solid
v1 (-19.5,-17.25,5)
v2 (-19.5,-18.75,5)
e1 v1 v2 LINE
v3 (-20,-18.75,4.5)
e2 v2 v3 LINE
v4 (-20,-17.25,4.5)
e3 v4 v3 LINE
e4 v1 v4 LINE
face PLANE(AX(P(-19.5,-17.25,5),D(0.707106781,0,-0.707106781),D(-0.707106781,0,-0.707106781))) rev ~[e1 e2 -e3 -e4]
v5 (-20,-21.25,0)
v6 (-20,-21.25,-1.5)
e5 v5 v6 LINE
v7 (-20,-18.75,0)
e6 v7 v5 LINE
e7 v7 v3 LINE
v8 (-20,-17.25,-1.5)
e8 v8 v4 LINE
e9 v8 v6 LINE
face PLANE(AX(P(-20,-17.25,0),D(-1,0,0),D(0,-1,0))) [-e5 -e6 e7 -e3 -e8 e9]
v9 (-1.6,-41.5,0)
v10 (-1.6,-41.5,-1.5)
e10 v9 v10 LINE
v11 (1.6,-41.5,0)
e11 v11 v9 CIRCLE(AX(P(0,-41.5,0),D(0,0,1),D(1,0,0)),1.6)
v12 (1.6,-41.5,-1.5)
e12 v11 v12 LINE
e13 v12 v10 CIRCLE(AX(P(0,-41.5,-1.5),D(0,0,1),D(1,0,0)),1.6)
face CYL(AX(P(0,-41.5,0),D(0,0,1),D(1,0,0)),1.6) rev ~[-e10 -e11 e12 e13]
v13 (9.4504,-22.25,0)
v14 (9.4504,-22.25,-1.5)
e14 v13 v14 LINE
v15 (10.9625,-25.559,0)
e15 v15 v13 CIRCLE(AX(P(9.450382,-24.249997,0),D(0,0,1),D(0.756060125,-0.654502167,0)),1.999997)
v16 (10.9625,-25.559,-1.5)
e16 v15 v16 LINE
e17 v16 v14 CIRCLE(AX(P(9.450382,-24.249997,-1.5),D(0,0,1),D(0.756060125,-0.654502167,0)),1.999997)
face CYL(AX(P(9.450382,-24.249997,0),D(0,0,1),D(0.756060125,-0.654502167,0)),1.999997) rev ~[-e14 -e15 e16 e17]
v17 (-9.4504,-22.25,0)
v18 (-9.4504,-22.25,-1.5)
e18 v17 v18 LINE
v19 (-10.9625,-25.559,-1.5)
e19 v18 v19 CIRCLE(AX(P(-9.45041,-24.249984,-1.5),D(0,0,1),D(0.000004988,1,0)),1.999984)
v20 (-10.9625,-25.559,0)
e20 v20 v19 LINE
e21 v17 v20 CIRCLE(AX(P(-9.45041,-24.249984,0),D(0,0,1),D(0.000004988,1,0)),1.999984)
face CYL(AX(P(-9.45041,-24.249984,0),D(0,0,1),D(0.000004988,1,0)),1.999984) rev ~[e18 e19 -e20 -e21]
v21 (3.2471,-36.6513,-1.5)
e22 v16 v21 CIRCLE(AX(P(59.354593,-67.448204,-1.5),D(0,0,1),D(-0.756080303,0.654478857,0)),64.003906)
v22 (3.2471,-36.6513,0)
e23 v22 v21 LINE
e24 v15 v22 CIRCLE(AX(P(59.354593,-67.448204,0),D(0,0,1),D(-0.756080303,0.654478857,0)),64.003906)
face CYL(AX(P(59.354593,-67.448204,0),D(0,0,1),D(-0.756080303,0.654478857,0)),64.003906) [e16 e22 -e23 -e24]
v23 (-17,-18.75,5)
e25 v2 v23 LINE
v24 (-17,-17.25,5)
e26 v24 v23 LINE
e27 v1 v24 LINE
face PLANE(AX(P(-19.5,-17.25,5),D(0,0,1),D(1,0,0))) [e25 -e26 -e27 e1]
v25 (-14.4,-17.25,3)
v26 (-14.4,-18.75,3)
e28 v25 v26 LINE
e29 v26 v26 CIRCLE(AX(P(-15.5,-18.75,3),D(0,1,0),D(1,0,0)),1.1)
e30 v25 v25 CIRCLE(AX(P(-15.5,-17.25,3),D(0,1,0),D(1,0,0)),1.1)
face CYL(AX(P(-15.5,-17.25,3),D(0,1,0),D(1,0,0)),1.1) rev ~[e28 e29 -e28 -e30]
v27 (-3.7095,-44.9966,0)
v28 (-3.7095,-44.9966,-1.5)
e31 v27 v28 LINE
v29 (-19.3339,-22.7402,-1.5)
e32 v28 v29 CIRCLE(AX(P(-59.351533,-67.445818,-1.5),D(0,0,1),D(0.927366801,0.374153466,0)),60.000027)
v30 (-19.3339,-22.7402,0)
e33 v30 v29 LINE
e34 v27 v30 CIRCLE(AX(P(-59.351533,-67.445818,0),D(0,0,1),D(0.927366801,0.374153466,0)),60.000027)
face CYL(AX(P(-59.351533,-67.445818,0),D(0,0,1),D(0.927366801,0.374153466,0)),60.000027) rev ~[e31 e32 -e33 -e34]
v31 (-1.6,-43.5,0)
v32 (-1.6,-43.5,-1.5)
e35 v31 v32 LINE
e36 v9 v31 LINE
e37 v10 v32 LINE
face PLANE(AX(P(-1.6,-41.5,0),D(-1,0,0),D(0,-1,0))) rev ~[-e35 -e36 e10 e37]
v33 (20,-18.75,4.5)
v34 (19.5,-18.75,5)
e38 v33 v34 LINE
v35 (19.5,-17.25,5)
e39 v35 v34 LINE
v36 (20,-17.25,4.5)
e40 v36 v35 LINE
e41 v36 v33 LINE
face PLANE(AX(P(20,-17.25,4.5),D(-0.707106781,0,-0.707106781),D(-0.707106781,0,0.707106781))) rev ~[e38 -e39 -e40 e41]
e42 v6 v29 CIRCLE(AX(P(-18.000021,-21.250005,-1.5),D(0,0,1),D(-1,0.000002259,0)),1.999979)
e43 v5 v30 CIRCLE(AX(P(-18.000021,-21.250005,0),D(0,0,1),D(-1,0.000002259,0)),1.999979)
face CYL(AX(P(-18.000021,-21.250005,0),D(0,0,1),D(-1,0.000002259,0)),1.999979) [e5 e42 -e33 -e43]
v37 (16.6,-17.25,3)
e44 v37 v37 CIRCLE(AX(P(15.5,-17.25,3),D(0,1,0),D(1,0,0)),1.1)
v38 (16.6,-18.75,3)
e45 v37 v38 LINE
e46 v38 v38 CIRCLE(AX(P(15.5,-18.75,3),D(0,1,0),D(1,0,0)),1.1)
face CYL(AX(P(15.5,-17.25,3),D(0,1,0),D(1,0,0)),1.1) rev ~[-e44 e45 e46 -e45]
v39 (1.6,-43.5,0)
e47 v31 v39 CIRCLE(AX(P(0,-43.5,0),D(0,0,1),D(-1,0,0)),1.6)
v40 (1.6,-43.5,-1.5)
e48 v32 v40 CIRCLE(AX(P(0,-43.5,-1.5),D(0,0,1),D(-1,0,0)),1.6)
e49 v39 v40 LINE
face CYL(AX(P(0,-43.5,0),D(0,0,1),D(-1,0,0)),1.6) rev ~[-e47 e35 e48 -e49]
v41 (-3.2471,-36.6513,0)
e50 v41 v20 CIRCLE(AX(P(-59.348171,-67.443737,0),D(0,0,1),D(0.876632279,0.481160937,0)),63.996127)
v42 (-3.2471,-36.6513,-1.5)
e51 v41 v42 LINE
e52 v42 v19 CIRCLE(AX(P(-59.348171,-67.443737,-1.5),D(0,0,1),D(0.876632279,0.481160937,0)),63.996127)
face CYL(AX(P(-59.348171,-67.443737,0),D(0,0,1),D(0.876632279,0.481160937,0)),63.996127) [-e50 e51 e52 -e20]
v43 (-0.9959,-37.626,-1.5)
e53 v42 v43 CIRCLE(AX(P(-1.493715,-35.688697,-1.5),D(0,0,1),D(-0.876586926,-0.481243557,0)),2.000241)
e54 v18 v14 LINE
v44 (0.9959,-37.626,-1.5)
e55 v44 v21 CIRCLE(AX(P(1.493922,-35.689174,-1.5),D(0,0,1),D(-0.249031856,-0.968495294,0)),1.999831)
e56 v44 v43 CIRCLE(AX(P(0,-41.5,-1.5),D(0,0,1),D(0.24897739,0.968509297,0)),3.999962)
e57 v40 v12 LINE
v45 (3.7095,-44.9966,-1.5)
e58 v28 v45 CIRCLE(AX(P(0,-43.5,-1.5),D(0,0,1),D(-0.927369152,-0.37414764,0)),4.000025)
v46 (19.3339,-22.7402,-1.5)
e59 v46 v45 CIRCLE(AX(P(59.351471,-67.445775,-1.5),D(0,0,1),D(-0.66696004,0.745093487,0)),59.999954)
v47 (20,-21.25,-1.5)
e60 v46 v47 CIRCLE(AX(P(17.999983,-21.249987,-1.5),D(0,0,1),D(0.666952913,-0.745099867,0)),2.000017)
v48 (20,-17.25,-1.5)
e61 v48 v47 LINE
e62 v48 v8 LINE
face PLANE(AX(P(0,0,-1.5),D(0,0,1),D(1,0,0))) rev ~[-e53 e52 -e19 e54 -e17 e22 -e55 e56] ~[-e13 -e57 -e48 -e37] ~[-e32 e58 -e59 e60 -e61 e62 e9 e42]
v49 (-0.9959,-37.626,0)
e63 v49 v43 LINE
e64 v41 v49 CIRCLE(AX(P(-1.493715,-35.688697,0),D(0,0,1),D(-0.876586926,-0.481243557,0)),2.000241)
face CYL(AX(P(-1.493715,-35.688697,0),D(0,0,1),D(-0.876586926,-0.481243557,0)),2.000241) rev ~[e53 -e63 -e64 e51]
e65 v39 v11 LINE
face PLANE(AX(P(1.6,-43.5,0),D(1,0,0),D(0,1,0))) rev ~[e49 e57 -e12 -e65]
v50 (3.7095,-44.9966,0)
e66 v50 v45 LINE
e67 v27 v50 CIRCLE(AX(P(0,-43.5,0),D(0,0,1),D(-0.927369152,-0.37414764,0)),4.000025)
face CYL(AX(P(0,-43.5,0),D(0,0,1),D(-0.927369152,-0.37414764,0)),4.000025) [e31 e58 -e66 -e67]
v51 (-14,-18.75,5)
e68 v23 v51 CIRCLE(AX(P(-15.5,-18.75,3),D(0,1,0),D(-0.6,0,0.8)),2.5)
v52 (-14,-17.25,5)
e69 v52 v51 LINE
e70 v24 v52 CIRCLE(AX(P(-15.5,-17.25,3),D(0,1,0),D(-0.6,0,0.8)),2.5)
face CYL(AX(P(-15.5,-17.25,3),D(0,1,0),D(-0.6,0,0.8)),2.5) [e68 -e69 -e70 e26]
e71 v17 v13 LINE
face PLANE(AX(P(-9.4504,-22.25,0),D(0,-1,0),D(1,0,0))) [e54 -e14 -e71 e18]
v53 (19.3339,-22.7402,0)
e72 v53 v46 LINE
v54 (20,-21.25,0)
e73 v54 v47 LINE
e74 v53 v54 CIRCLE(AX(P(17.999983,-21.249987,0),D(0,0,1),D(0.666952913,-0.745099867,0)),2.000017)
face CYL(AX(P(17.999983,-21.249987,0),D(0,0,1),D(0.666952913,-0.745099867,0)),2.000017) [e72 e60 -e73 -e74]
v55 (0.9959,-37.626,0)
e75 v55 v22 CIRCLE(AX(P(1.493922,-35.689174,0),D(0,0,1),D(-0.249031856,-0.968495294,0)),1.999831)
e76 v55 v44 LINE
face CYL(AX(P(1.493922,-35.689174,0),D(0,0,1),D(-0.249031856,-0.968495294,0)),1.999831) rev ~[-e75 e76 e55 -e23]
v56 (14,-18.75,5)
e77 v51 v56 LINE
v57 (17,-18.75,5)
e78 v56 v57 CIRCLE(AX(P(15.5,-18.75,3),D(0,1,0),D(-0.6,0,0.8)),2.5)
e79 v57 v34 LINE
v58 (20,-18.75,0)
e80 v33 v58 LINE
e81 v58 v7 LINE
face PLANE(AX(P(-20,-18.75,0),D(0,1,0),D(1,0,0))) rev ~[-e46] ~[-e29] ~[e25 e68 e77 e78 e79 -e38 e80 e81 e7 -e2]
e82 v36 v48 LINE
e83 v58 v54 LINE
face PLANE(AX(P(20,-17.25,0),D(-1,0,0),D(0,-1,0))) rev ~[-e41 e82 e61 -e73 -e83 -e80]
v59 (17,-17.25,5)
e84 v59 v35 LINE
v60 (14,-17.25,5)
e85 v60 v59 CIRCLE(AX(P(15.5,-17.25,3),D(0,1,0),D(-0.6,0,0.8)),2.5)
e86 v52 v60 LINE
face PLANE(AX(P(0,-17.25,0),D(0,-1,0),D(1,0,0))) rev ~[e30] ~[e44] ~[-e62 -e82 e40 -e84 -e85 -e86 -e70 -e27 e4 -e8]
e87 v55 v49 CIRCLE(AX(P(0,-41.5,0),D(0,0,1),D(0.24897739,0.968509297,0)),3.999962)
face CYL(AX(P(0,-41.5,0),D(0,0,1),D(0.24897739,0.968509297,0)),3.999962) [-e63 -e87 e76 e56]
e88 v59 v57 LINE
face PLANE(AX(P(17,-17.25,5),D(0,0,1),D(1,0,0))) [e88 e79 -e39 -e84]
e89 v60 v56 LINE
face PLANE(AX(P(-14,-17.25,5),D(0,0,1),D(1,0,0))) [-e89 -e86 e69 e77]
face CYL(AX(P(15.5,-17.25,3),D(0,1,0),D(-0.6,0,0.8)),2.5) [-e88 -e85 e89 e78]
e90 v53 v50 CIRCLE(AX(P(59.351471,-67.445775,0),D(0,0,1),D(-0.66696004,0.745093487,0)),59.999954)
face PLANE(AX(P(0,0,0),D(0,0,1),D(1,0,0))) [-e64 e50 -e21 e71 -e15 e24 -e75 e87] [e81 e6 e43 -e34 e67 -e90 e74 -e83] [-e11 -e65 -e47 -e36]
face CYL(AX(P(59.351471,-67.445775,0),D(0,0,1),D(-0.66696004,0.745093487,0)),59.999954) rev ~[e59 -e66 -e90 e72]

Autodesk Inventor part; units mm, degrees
ref_plane "YZ Plane" through (0, 0, 0) normal (1, 0, 0) x (0, 1, 0)
ref_plane "XZ Plane" through (0, 0, 0) normal (0, 1, 0) x (-1, 0, 0)
ref_plane "XY Plane" through (0, 0, 0) normal (0, 0, 1) x (1, 0, 0)
sketch "スケッチ1" plane through (0, 0, 0) normal (0, 0, 1) x (1, 0, 0)
  line L0 (-59, -17.25) -> (53, -17.25) construction
  line L1 (1.6, -41.5) -> (-1.6, -41.5) construction
  line L2 (-1.6, -41.5) -> (-1.6, -43.5)
  line L3 (-1.6, -43.5) -> (1.6, -43.5) construction
  line L4 (1.6, -43.5) -> (1.6, -41.5)
  arc A0 (1.6, -41.5) -> (-1.6, -41.5) centre (0, -41.5) ccw
  arc A1 (-1.6, -43.5) -> (1.6, -43.5) centre (0, -43.5) ccw
  circle A2 centre (0, -42.5) radius 1.5 construction
  line L5 (0, -41.5) -> (0, -42.5) construction
  line L6 (0, -42.5) -> (0, -43.5) construction
  line L7 (0, -41.5) -> (0, -17.25) construction
  line L8 (0, -17.25) -> (-20, -17.25)
  line L9 (-20, -17.25) -> (-20, -21.25)
  line L10 (0, -17.25) -> (20, -17.25)
  line L11 (20, -17.25) -> (20, -21.25)
  arc A3 (-3.7095, -44.9966) -> (3.7095, -44.9966) centre (0, -43.5) ccw
  arc A4 (-3.7095, -44.9966) -> (-19.3339, -22.7402) centre (-59.3515, -67.4458) ccw
  arc A5 (19.3339, -22.7402) -> (3.7095, -44.9966) centre (59.3515, -67.4458) ccw
  arc A6 (-20, -21.25) -> (-19.3339, -22.7402) centre (-18, -21.25) ccw
  arc A7 (19.3339, -22.7402) -> (20, -21.25) centre (18, -21.25) ccw
  arc A8 (-3.2471, -36.6513) -> (-10.9625, -25.559) centre (-59.3515, -67.4458) ccw
  arc A9 (10.9625, -25.559) -> (3.2471, -36.6513) centre (59.3515, -67.4458) ccw
  arc A10 (0.9959, -37.626) -> (-0.9959, -37.626) centre (0, -41.5) ccw
  line L12 (-9.4504, -22.25) -> (9.4504, -22.25)
  arc A11 (-9.4504, -22.25) -> (-10.9625, -25.559) centre (-9.4504, -24.25) ccw
  arc A12 (10.9625, -25.559) -> (9.4504, -22.25) centre (9.4504, -24.25) ccw
  arc A13 (0.9959, -37.626) -> (3.2471, -36.6513) centre (1.4939, -35.6889) ccw
  arc A14 (-3.2471, -36.6513) -> (-0.9959, -37.626) centre (-1.4939, -35.6889) ccw
  point P0 (0, 0)
  point P1 (-20, -22.1528)
  point P2 (20, -22.1528)
  dimension "d0" = 2
  dimension "d1" = 1.6
  dimension "d3" = 4
  dimension "d4" = 2
  dimension "d5" = 4
  dimension "d6" = 60
  dimension "d7" = 20
  dimension "d8" = 4
  dimension "d9" = 4
  dimension "d10" = 2.4
  dimension "d11" = 5
  dimension "d12" = 2
extrude "押し出し1" add sketch "スケッチ1" against normal blind 1.5
sketch "スケッチ2" plane through (-20, -17.25, 0) normal (0, 1, 0) x (1, 0, 0)
  line L0 (40, 0) -> (0, 0) construction
  line L1 (40, 0) -> (0, 0)
  line L2 (0, 0) -> (0, -4.5)
  line L3 (0.5, -5) -> (3, -5)
  line L4 (40, -4.5) -> (40, 0)
  line L5 (0, 0) -> (0, 1.5) construction
  line L6 (69.5, -5) -> (-3.5, -5) construction
  line L7 (20, 0) -> (20, -8.2375) construction
  circle A0 centre (35.5, -3) radius 1.1
  line L8 (40, -4.5) -> (39.5, -5)
  line L9 (0.5, -5) -> (0, -4.5)
  arc A1 (34, -5) -> (37, -5) centre (35.5, -3) ccw
  line L10 (37, -5) -> (39.5, -5)
  line L11 (34, -5) -> (37, -5) construction
  circle A2 centre (4.5, -3) radius 1.1
  arc A3 (3, -5) -> (6, -5) centre (4.5, -3) ccw
  line L12 (6, -5) -> (34, -5)
  line L13 (3, -5) -> (6, -5) construction
  point P0 (40, -5)
  point P1 (0, -5)
  dimension "d18" = 2.2
  dimension "d19" = 0.5
  dimension "d20" = 0.5
  dimension "d21" = 0.5
  dimension "d22" = 0.5
  dimension "d23" = 2.5
  dimension "d24" = 4.5
  dimension "d25" = 2
extrude "押し出し2" add sketch "スケッチ2" against normal blind 1.5
equation "\"d20\" = d19"
equation "\"d21\" = d19"
equation "\"d22\" = d21"
properties part number "NUC_tab"
